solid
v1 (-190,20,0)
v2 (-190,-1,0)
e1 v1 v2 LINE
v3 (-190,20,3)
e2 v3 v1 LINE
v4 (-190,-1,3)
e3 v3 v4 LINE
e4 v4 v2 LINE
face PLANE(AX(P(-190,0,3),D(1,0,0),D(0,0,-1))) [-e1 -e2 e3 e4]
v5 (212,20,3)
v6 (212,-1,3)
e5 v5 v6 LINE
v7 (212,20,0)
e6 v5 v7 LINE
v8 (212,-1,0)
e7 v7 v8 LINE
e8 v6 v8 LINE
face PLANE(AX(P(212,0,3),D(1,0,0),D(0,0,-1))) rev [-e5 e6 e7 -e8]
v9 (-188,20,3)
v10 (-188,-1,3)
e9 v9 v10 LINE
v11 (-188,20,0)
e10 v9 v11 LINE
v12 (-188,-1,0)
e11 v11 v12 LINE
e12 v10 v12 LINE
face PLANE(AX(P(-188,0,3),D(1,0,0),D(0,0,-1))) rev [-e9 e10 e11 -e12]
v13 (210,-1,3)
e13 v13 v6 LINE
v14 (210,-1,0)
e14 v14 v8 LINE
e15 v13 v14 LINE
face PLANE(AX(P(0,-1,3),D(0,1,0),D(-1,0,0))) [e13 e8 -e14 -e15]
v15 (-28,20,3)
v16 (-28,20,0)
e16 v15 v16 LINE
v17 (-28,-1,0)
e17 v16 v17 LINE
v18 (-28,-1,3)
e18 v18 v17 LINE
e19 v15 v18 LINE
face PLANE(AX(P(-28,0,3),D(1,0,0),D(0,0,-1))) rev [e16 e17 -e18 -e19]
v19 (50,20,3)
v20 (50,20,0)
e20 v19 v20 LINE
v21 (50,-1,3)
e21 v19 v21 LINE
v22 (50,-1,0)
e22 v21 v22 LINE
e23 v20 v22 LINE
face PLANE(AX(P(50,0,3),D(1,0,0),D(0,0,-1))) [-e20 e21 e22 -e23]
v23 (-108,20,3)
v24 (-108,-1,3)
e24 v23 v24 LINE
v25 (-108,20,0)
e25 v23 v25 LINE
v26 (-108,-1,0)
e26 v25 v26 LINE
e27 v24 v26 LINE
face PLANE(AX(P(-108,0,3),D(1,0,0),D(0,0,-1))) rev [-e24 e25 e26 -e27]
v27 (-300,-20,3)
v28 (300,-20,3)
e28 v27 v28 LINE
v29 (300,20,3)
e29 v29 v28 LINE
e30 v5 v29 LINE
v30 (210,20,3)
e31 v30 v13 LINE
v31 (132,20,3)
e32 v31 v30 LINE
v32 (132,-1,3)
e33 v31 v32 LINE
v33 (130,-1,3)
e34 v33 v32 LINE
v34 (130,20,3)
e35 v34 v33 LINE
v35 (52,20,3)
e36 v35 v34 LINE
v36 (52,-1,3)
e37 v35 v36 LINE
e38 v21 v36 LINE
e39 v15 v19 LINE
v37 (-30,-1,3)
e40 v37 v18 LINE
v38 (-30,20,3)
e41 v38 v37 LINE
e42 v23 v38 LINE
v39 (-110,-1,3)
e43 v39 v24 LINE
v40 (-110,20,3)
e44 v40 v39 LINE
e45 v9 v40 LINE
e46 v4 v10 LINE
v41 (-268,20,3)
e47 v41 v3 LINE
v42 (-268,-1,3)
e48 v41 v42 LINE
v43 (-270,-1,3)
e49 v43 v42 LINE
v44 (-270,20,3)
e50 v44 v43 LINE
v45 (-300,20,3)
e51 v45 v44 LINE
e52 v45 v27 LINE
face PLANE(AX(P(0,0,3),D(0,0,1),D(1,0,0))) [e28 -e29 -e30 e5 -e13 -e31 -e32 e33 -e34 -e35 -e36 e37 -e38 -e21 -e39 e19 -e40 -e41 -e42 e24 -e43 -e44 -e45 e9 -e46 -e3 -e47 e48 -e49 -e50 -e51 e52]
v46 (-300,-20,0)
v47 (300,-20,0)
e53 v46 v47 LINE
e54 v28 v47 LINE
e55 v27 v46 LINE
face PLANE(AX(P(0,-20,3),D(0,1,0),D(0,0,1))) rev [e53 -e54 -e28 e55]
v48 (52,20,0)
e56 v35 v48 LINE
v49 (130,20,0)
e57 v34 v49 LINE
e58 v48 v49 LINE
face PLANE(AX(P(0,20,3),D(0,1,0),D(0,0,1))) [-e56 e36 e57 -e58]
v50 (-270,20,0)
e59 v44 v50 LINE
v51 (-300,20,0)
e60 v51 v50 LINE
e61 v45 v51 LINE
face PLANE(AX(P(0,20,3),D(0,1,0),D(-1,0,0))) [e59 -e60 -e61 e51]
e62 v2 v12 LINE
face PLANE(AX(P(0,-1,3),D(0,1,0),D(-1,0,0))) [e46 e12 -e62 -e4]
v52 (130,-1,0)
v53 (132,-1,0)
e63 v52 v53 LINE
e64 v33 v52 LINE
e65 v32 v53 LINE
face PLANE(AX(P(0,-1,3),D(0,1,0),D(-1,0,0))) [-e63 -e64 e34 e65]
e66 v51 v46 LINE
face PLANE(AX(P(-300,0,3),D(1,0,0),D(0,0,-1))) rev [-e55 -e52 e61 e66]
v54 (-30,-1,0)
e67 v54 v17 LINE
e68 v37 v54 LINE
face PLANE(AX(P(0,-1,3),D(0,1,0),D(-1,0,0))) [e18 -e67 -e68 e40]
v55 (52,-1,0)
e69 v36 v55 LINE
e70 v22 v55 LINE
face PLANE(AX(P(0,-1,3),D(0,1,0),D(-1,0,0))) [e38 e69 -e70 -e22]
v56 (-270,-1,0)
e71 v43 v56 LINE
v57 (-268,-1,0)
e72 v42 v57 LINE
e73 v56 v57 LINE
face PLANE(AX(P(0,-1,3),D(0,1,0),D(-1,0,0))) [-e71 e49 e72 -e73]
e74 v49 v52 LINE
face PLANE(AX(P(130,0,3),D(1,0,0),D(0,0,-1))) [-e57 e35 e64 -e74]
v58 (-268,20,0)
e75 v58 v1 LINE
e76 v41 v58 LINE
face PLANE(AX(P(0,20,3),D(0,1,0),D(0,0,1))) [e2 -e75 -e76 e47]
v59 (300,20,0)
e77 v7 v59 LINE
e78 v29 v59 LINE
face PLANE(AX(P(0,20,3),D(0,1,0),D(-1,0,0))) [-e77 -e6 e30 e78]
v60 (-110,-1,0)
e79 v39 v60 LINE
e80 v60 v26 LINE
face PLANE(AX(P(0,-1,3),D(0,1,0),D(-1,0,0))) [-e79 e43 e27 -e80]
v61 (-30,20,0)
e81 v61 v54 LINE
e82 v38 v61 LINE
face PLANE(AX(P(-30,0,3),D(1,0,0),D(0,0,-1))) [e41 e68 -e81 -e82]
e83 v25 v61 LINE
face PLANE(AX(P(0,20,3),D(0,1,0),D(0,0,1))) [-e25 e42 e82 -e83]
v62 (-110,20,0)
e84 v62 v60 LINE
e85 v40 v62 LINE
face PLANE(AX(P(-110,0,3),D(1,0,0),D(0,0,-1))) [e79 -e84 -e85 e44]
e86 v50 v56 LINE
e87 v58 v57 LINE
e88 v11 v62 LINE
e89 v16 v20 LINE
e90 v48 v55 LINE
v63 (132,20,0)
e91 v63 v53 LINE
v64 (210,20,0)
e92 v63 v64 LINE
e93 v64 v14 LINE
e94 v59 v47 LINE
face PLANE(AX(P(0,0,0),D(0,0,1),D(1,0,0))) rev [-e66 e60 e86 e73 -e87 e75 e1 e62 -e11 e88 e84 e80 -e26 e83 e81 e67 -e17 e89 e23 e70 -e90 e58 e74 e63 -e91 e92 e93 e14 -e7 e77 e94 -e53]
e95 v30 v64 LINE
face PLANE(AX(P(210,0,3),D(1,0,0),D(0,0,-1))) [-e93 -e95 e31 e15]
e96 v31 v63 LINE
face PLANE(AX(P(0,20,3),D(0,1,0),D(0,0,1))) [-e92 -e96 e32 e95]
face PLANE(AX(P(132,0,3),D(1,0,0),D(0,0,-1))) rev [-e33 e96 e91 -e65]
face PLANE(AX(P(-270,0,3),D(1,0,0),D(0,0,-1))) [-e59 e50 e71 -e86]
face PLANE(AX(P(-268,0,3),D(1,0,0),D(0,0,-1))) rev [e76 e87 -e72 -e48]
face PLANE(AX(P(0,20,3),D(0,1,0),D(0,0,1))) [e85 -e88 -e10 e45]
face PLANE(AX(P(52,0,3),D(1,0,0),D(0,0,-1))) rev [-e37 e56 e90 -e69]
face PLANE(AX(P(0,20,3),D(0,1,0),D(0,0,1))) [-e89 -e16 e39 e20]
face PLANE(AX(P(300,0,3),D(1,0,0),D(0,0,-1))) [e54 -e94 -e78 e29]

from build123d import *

# Parameters (mm, degrees)
BOSS_EXTRUDE1_DEPTH = 3


with BuildPart() as part:
    # Sketch1 → Boss-Extrude1 (new body)
    with BuildSketch(Plane.XY):
        Polygon((-268, 20), (-190, 20), (-190, -1), (-188, -1), (-188, 20), (-110, 20), (-110, -1), (-108, -1), (-108, 20), (-30, 20), (-30, -1), (-28, -1), (-28, 20), (50, 20), (50, -1), (52, -1), (52, 20), (130, 20), (130, -1), (132, -1), (132, 20), (210, 20), (210, -1), (212, -1), (212, 20), (300, 20), (300, -20), (-300, -20), (-300, 20), (-270, 20), (-270, -1), (-268, -1), align=None)
    extrude(amount=BOSS_EXTRUDE1_DEPTH)


solid = part.part
